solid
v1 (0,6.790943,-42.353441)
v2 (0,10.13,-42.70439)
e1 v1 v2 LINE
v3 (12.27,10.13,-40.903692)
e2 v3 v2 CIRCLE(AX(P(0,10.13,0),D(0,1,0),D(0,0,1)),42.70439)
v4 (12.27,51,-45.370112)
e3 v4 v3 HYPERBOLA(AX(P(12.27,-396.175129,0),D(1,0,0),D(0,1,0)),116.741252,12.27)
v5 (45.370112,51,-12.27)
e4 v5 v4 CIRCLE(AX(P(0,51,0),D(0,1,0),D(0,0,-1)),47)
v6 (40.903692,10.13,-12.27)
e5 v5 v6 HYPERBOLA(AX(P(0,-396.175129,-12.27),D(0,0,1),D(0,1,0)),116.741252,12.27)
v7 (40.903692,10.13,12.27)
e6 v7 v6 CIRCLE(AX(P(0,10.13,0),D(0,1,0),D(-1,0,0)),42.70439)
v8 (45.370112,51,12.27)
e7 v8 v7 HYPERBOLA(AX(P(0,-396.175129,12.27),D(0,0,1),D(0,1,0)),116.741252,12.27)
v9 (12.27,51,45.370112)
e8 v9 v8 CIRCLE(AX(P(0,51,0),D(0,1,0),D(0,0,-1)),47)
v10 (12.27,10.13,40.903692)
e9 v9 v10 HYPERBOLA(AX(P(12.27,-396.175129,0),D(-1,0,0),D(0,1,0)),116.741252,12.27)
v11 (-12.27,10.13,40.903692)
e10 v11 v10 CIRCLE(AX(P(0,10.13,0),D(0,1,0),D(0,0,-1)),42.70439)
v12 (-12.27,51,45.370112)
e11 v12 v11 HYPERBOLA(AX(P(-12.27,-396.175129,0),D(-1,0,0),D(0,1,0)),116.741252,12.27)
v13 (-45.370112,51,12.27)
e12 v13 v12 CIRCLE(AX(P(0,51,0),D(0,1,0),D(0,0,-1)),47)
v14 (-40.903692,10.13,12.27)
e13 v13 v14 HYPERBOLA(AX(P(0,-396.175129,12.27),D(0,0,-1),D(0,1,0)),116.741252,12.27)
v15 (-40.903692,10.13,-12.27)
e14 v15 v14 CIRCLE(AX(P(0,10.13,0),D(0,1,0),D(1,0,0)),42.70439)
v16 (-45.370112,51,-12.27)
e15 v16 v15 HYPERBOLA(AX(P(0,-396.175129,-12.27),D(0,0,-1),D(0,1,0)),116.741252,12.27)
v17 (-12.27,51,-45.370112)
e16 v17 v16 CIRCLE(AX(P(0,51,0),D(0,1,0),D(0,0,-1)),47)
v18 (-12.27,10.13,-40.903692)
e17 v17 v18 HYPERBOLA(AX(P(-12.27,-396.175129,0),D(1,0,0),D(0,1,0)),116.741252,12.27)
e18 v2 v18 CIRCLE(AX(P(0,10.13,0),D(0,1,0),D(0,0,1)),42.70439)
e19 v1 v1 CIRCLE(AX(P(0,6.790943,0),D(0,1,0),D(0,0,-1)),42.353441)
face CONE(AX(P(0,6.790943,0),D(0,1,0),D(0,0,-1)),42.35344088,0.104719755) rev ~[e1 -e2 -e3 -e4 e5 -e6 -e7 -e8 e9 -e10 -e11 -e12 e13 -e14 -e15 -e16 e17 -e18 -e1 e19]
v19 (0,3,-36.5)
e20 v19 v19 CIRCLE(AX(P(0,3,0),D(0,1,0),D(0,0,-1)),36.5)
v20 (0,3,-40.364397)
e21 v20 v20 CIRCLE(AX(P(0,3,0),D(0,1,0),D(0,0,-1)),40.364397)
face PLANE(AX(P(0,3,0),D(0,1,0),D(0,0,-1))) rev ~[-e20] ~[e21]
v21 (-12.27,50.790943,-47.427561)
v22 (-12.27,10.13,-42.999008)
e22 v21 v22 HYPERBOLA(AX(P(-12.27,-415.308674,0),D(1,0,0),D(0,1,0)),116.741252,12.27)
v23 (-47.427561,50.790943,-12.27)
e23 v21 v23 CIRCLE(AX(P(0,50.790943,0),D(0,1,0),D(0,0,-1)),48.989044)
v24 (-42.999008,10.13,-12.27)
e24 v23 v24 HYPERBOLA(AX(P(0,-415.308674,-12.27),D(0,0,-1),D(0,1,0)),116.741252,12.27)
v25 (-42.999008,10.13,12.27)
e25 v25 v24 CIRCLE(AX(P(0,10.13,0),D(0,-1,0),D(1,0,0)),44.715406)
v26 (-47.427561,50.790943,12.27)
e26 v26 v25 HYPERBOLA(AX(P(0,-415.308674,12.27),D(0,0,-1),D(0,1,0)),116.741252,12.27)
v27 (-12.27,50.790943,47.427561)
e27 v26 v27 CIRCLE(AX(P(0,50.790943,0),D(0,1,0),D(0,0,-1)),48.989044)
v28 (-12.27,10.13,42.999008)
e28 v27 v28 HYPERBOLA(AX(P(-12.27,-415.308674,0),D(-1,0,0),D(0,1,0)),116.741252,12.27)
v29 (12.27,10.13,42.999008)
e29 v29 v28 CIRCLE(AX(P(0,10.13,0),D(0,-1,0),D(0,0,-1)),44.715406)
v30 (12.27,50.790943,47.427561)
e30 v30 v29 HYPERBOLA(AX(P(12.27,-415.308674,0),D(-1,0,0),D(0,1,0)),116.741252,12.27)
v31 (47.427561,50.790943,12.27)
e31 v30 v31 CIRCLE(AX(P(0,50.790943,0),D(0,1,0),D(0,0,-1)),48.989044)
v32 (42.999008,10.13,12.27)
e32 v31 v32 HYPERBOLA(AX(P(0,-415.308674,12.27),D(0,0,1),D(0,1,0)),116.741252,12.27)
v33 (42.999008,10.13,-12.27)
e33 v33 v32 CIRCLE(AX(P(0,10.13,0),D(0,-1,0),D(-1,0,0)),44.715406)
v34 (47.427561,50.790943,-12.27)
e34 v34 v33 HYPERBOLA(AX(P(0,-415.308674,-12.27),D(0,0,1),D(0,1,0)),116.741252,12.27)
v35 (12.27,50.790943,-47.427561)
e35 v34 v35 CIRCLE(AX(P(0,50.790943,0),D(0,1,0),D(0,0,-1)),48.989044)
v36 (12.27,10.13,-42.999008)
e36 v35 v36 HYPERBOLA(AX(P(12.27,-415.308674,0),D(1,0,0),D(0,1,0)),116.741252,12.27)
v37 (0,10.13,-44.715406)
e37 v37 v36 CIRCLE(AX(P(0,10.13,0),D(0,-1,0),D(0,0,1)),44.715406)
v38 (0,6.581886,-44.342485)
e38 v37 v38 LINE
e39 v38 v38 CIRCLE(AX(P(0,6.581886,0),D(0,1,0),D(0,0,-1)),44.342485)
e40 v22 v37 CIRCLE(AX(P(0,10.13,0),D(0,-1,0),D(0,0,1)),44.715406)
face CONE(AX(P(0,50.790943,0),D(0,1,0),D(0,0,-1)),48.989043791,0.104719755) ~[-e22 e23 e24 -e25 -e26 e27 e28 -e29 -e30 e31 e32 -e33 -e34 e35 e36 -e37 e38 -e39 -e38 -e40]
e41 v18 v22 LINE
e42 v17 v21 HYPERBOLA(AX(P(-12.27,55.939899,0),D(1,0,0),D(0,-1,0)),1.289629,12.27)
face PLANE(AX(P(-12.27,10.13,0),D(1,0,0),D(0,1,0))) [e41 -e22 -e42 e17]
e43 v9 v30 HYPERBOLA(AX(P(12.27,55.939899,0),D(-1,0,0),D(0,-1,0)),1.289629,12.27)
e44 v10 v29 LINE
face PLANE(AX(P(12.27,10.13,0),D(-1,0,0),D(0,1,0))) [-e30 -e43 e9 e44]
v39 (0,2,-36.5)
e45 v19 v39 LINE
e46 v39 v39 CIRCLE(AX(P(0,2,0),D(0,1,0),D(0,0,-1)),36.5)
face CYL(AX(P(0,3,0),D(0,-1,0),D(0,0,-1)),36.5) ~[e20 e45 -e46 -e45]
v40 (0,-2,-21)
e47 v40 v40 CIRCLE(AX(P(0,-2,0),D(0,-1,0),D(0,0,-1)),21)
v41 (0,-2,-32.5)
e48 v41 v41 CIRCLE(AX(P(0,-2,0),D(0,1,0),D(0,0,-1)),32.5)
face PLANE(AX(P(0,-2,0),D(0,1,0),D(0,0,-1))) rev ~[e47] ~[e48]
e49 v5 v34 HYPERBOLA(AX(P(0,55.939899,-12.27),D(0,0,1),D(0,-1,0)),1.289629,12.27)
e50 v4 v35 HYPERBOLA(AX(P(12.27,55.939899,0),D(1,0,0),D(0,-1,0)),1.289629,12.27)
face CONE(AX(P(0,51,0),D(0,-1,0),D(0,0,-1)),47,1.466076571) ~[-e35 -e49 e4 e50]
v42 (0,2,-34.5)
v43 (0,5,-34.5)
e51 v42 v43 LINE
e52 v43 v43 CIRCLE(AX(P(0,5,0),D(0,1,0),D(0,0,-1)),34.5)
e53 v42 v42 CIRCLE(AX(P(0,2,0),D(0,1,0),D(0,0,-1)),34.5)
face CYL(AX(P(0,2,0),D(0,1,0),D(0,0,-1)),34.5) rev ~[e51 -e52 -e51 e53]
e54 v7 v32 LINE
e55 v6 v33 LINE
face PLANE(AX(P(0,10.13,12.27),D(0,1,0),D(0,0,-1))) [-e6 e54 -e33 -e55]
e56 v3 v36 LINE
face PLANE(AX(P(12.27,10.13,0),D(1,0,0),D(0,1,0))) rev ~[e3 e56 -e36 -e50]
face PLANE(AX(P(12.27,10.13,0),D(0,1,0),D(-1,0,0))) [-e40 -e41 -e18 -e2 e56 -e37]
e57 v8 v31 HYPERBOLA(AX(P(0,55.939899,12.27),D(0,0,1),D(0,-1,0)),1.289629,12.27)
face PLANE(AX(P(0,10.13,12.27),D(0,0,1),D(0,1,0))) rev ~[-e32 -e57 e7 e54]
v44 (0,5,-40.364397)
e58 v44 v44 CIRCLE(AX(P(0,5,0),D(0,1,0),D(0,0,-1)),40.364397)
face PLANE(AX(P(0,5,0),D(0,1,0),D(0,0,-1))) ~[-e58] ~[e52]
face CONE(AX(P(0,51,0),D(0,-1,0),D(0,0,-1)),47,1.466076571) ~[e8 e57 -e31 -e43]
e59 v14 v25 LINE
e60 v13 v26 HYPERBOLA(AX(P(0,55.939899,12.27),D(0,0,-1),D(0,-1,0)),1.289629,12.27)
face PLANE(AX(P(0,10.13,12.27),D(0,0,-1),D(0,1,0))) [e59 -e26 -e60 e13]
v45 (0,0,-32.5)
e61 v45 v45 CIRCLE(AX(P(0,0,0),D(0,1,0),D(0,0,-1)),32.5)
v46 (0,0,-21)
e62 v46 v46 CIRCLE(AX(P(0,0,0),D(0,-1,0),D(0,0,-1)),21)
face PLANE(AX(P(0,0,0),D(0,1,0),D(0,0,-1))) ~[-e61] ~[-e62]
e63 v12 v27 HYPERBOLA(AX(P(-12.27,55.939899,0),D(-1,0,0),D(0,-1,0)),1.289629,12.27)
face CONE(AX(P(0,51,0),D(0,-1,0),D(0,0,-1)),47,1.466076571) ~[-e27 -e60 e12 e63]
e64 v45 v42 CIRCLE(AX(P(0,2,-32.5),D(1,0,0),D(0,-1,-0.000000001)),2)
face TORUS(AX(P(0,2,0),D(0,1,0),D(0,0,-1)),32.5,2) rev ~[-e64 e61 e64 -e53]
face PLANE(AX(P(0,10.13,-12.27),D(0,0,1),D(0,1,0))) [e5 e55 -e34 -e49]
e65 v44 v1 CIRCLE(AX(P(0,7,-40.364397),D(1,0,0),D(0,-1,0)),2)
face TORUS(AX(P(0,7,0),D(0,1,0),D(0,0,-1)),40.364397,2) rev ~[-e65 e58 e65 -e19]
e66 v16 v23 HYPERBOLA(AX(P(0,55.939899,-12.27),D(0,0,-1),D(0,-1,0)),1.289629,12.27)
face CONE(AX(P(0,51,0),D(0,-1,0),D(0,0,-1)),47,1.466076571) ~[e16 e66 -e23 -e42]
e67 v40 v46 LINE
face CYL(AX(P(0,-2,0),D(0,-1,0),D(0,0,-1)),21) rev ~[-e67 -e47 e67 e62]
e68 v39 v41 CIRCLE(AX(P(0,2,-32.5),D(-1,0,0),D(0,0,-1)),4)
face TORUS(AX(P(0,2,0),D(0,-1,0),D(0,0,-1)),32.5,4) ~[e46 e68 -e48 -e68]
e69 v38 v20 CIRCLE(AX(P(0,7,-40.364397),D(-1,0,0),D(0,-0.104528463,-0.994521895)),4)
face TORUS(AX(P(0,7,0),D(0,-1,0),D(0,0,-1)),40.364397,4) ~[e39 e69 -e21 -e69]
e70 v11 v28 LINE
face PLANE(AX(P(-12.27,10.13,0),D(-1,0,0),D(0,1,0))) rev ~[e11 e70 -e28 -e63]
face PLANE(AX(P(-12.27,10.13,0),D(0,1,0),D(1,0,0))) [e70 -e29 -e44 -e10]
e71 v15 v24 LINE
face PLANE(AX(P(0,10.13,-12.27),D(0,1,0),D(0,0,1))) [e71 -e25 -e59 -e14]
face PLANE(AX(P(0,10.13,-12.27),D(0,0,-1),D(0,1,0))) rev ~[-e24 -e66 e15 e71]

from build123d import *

# Parameters (mm, degrees)
CUT_EXTRUDE1_REACH = 88.028
SKETCH2_W          = 24.54
SKETCH2_H          = 40.87
CIRPATTERN1_COUNT  = 4
CUT_EXTRUDE2_REACH = 87.485
SKETCH3_R          = 21


with BuildPart() as part:
    # Sketch1 → Revolve-Thin1 (revolve)
    with BuildSketch(Plane.XY, mode=Mode.PRIVATE) as revolve_thin1_sk:
        with BuildLine():
            Line((0, 0), (32.5, 0))
            ThreePointArc((32.5, 0), (33.914213562, 0.585786438), (34.5, 2))
            Line((34.5, 2), (34.5, 5))
            Line((34.5, 5), (40.364397089, 5))
            ThreePointArc((40.364397089, 5), (41.702658302, 5.513710349), (42.35344088, 6.790943073))
            Line((42.35344088, 6.790943073), (47, 51))
            Line((47, 51), (48.989043791, 50.790943073))
            Line((48.989043791, 50.790943073), (44.342484671, 6.581886147))
            ThreePointArc((44.342484671, 6.581886147), (43.040919515, 4.027420698), (40.364397089, 3))
            Line((40.364397089, 3), (36.5, 3))
            Line((36.5, 3), (36.5, 2))
            ThreePointArc((36.5, 2), (35.328427125, -0.828427125), (32.5, -2))
            Line((32.5, -2), (0, -2))
            Line((0, -2), (0, 0))
        make_face()
    revolve(revolve_thin1_sk.sketch.rotate(Axis((0, 0, 0), (0, 1, 0)), 90), axis=Axis((0, 0, 0), (0, 1, 0)))

    # Sketch2 → Cut-Extrude1 (cut, up to next)
    with BuildSketch(Plane.XY, mode=Mode.PRIVATE) as cut_extrude1_sk1:
        with Locations((0, 30.565)):
            Rectangle(SKETCH2_W, SKETCH2_H)
    cut_extrude1_tool1 = extrude(cut_extrude1_sk1.sketch, amount=CUT_EXTRUDE1_REACH, mode=Mode.PRIVATE) & part.part
    cut_extrude1 = cut_extrude1_tool1.solids().sort_by_distance((0, 30.565, 0))[0]
    add(cut_extrude1, mode=Mode.SUBTRACT)

    # CirPattern1: Cut-Extrude1 ×4 about axis
    cirpattern1_axis = Axis((0, 0, 0), (0, 1, 0))
    for i in range(1, CIRPATTERN1_COUNT):
        add(cut_extrude1.rotate(cirpattern1_axis, i * 360 / CIRPATTERN1_COUNT), mode=Mode.SUBTRACT)

    # Sketch3 → Cut-Extrude2 (cut, up to next)
    with BuildSketch(Plane.XZ.offset(2), mode=Mode.PRIVATE) as cut_extrude2_sk1:
        with Locations(Location((0, 0, 0), (0, 0, 270))):
            Circle(SKETCH3_R)
    cut_extrude2_tool1 = extrude(cut_extrude2_sk1.sketch, amount=-CUT_EXTRUDE2_REACH, mode=Mode.PRIVATE) & part.part
    add(cut_extrude2_tool1.solids().sort_by_distance((0, -2, 0))[0], mode=Mode.SUBTRACT)


solid = part.part
